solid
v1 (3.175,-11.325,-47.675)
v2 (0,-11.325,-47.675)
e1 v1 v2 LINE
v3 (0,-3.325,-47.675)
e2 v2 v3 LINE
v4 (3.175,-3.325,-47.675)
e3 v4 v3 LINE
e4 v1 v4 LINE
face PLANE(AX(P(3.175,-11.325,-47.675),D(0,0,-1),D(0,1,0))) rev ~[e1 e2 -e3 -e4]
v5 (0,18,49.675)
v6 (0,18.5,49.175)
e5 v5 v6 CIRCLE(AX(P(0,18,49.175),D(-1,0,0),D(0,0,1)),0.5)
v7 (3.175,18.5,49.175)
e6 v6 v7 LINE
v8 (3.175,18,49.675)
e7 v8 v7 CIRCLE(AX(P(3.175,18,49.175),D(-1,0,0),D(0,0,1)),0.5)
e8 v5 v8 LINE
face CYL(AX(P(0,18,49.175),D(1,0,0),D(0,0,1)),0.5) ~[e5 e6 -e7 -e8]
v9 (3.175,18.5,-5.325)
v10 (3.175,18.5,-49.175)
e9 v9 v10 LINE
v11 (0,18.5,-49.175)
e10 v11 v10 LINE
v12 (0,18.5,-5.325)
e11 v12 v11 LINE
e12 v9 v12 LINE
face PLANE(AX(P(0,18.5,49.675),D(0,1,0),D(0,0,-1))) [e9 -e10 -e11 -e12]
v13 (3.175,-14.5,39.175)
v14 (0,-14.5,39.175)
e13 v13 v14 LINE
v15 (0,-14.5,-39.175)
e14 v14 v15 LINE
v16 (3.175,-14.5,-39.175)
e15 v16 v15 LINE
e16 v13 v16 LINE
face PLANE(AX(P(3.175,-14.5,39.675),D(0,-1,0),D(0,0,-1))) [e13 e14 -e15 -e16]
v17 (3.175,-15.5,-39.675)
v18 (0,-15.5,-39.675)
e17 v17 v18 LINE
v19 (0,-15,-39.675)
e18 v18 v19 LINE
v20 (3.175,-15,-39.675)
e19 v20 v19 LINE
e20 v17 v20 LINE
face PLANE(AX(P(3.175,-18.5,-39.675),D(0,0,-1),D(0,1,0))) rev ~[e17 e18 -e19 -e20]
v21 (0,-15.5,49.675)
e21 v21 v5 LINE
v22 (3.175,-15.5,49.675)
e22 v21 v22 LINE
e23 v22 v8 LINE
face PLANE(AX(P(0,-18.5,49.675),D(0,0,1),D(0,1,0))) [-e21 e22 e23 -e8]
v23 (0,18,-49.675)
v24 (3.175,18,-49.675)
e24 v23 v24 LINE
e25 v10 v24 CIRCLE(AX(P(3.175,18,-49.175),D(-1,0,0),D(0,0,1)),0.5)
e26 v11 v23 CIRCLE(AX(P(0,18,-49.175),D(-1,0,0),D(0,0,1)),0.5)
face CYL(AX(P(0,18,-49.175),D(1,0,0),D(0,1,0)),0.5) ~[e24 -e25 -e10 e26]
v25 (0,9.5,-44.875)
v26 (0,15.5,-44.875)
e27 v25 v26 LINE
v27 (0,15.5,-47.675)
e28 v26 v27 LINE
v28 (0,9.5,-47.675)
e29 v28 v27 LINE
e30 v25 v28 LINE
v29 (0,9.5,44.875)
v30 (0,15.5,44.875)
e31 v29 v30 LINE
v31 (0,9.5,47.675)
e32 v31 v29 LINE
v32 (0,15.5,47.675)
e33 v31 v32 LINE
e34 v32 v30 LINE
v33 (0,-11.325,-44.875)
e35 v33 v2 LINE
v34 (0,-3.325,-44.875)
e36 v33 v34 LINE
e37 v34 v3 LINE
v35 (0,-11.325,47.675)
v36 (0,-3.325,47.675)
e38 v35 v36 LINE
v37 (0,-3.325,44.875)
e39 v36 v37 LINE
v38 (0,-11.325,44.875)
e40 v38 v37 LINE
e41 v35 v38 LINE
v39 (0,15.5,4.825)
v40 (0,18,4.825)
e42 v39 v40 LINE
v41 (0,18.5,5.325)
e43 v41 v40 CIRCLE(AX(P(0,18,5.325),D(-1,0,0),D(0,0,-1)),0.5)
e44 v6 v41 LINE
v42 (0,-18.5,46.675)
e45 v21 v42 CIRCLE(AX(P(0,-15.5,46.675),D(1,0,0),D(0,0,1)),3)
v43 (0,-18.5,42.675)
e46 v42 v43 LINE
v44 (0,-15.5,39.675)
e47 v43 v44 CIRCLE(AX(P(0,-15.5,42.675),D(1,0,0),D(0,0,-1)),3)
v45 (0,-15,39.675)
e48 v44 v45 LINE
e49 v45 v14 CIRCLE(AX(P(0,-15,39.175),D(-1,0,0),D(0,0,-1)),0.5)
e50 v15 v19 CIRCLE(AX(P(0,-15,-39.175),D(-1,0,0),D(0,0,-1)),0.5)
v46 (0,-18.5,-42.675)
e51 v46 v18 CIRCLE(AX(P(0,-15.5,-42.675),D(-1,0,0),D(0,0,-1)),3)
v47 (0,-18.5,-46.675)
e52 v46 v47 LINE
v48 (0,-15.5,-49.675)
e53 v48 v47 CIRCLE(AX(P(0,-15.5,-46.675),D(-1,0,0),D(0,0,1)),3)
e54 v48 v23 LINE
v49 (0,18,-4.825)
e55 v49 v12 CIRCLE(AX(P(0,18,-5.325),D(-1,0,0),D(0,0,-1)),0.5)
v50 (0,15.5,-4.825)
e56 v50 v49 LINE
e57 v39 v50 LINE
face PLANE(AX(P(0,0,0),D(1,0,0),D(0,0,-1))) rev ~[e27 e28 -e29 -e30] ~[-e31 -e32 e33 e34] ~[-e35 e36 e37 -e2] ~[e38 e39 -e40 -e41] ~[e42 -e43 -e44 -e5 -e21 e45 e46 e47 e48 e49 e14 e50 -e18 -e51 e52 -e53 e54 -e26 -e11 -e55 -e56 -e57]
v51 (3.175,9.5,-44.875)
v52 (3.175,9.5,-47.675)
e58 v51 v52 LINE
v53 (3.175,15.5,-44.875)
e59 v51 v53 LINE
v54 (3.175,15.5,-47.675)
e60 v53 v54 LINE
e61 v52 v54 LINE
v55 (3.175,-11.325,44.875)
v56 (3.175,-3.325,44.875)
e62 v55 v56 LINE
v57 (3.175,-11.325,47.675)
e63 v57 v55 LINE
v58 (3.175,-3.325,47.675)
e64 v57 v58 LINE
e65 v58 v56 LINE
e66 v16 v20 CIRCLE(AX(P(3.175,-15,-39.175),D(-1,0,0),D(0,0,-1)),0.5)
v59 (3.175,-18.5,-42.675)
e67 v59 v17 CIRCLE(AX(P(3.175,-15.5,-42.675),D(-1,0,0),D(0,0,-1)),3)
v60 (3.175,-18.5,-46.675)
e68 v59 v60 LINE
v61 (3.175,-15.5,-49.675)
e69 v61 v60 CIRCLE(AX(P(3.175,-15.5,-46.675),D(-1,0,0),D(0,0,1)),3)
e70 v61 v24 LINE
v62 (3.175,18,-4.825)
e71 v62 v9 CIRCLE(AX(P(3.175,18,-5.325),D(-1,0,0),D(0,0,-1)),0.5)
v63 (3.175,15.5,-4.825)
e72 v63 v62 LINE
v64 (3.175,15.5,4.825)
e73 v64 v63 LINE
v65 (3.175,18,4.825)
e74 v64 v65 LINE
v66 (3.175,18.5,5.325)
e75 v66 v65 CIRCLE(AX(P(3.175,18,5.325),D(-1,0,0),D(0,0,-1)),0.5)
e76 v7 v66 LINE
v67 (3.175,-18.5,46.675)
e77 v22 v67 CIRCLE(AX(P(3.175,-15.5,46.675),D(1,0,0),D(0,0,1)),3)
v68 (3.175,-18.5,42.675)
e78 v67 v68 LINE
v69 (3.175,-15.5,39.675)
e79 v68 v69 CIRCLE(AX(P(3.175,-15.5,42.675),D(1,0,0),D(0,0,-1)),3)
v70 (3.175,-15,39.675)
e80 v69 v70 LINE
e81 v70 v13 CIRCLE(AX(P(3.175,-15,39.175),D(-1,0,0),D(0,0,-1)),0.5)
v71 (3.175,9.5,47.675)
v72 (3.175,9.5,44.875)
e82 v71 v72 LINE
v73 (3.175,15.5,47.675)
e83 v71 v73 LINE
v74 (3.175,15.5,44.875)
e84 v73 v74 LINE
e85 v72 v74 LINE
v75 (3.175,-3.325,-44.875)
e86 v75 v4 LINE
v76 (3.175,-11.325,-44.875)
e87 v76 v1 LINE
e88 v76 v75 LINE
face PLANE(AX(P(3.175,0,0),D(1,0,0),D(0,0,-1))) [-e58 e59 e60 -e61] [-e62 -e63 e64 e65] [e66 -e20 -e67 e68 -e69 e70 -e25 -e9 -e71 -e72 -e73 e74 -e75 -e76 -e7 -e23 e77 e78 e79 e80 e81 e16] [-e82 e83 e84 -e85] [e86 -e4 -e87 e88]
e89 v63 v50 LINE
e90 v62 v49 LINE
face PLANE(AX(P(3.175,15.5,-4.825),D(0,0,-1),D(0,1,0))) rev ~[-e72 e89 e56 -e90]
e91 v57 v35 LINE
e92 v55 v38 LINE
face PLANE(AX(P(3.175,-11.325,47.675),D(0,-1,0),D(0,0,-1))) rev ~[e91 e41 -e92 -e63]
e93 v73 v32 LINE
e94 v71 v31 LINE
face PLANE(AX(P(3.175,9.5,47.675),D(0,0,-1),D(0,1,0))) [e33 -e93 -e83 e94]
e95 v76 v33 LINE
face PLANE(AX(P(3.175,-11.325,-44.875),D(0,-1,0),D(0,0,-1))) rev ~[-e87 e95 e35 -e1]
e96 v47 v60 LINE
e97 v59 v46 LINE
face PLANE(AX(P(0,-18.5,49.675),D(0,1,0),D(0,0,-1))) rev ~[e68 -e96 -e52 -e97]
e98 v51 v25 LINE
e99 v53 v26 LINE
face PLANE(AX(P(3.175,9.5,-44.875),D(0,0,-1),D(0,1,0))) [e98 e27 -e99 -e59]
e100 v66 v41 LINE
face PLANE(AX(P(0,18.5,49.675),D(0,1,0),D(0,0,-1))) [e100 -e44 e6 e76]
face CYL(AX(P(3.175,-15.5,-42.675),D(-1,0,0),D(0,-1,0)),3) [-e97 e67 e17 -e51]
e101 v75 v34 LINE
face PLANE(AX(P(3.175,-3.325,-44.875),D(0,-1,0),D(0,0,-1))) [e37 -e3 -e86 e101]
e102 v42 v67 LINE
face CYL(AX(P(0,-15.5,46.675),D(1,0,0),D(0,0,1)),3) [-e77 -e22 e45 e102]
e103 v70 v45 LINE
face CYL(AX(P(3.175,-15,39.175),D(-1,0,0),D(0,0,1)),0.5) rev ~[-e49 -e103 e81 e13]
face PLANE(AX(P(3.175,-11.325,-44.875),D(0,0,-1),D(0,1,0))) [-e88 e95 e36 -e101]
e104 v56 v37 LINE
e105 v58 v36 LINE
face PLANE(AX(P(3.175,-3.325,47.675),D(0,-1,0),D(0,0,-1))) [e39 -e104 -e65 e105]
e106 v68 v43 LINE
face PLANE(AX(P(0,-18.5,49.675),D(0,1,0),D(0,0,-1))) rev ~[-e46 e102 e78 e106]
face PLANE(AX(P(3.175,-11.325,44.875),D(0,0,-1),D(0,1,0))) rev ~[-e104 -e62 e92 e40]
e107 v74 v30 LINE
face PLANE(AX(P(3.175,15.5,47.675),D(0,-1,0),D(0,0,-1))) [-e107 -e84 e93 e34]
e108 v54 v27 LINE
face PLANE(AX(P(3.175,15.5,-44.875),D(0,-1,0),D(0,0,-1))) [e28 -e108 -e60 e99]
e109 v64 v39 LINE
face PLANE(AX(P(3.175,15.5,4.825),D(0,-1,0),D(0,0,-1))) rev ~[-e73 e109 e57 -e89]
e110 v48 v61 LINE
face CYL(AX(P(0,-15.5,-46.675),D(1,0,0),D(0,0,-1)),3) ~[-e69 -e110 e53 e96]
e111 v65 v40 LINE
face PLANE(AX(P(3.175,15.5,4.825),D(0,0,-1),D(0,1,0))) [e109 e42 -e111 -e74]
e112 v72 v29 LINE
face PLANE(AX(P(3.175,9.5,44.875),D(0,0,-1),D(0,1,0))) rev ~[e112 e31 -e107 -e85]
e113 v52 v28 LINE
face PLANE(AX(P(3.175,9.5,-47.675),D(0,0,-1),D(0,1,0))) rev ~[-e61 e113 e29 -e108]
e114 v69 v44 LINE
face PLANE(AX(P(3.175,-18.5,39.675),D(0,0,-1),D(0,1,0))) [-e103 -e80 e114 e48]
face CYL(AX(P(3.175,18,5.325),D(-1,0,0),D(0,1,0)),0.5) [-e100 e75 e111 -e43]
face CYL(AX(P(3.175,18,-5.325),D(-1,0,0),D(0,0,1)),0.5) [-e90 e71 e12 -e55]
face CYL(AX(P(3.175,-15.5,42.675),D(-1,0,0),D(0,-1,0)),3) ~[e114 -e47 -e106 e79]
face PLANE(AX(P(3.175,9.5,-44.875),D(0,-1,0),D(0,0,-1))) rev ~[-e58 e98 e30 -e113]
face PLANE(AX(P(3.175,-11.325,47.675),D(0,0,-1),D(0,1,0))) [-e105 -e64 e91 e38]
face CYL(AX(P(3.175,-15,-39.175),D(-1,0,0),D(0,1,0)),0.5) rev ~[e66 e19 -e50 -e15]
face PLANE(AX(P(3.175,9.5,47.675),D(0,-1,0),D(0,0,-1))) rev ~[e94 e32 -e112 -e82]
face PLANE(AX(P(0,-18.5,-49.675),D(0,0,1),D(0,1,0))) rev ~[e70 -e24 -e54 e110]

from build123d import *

# Parameters (mm, degrees)
SKETCH1_W           = 99.35
SKETCH1_H           = 37
BOSS_EXTRUDE1_DEPTH = 3.175
SKETCH2_W           = 2.8
SKETCH2_H           = 6
SKETCH2_H_2         = 8
CUT_EXTRUDE1_DEPTH  = 54.103071945
SKETCH3_W           = 79.35
SKETCH3_H           = 4
CUT_EXTRUDE2_DEPTH  = 54.103071945
FILLET1_R           = 3
FILLET2_R           = 0.5
SKETCH4_W           = 9.65
SKETCH4_H           = 3
CUT_EXTRUDE3_DEPTH  = 54.103071945
FILLET3_R           = 0.5


with BuildPart() as part:
    # Sketch1 → Boss-Extrude1 (new body)
    with BuildSketch(Plane(origin=(0, 0, 0), x_dir=(0, 0, -1), z_dir=(1, 0, 0))):
        Rectangle(SKETCH1_W, SKETCH1_H)
    extrude(amount=BOSS_EXTRUDE1_DEPTH)

    # Sketch2 → Cut-Extrude1 (cut, through all)
    with BuildSketch(Plane(origin=(3.175, 0, 0), x_dir=(0, 0, -1), z_dir=(1, 0, 0))):
        with Locations((-46.275, 12.5)):
            Rectangle(SKETCH2_W, SKETCH2_H)
        with Locations((46.275, 12.5)):
            Rectangle(SKETCH2_W, SKETCH2_H)
        with Locations((-46.275, -7.325)):
            Rectangle(SKETCH2_W, SKETCH2_H_2)
        with Locations((46.275, -7.325)):
            Rectangle(SKETCH2_W, SKETCH2_H_2)
    extrude(amount=-CUT_EXTRUDE1_DEPTH, mode=Mode.SUBTRACT)

    # Sketch3 → Cut-Extrude2 (cut, through all)
    with BuildSketch(Plane(origin=(3.175, 0, 0), x_dir=(0, 0, -1), z_dir=(1, 0, 0))):
        with Locations((0, -16.5)):
            Rectangle(SKETCH3_W, SKETCH3_H)
    extrude(amount=-CUT_EXTRUDE2_DEPTH, mode=Mode.SUBTRACT)

    # Fillet1
    fillet1_edges = [part.edges().sort_by_distance(p)[0] for p in [
        (1.5875, -18.5, -49.675),
        (1.5875, -18.5, 49.675),
        (1.5875, -18.5, 39.675),
        (1.5875, -18.5, -39.675),
    ]]
    fillet(fillet1_edges, radius=FILLET1_R)

    # Fillet2
    fillet2_edges = [part.edges().sort_by_distance(p)[0] for p in [
        (1.5875, 18.5, 49.675),
        (1.5875, 18.5, -49.675),
        (1.5875, -14.5, 39.675),
        (1.5875, -14.5, -39.675),
    ]]
    fillet(fillet2_edges, radius=FILLET2_R)

    # Sketch4 → Cut-Extrude3 (cut, through all)
    with BuildSketch(Plane(origin=(3.175, 0, 0), x_dir=(0, 0, -1), z_dir=(1, 0, 0))):
        with Locations((0, 17)):
            Rectangle(SKETCH4_W, SKETCH4_H)
    extrude(amount=-CUT_EXTRUDE3_DEPTH, mode=Mode.SUBTRACT)

    # Fillet3
    fillet3_edges = [part.edges().sort_by_distance(p)[0] for p in [
        (1.5875, 18.5, 4.825),
        (1.5875, 18.5, -4.825),
    ]]
    fillet(fillet3_edges, radius=FILLET3_R)


solid = part.part
